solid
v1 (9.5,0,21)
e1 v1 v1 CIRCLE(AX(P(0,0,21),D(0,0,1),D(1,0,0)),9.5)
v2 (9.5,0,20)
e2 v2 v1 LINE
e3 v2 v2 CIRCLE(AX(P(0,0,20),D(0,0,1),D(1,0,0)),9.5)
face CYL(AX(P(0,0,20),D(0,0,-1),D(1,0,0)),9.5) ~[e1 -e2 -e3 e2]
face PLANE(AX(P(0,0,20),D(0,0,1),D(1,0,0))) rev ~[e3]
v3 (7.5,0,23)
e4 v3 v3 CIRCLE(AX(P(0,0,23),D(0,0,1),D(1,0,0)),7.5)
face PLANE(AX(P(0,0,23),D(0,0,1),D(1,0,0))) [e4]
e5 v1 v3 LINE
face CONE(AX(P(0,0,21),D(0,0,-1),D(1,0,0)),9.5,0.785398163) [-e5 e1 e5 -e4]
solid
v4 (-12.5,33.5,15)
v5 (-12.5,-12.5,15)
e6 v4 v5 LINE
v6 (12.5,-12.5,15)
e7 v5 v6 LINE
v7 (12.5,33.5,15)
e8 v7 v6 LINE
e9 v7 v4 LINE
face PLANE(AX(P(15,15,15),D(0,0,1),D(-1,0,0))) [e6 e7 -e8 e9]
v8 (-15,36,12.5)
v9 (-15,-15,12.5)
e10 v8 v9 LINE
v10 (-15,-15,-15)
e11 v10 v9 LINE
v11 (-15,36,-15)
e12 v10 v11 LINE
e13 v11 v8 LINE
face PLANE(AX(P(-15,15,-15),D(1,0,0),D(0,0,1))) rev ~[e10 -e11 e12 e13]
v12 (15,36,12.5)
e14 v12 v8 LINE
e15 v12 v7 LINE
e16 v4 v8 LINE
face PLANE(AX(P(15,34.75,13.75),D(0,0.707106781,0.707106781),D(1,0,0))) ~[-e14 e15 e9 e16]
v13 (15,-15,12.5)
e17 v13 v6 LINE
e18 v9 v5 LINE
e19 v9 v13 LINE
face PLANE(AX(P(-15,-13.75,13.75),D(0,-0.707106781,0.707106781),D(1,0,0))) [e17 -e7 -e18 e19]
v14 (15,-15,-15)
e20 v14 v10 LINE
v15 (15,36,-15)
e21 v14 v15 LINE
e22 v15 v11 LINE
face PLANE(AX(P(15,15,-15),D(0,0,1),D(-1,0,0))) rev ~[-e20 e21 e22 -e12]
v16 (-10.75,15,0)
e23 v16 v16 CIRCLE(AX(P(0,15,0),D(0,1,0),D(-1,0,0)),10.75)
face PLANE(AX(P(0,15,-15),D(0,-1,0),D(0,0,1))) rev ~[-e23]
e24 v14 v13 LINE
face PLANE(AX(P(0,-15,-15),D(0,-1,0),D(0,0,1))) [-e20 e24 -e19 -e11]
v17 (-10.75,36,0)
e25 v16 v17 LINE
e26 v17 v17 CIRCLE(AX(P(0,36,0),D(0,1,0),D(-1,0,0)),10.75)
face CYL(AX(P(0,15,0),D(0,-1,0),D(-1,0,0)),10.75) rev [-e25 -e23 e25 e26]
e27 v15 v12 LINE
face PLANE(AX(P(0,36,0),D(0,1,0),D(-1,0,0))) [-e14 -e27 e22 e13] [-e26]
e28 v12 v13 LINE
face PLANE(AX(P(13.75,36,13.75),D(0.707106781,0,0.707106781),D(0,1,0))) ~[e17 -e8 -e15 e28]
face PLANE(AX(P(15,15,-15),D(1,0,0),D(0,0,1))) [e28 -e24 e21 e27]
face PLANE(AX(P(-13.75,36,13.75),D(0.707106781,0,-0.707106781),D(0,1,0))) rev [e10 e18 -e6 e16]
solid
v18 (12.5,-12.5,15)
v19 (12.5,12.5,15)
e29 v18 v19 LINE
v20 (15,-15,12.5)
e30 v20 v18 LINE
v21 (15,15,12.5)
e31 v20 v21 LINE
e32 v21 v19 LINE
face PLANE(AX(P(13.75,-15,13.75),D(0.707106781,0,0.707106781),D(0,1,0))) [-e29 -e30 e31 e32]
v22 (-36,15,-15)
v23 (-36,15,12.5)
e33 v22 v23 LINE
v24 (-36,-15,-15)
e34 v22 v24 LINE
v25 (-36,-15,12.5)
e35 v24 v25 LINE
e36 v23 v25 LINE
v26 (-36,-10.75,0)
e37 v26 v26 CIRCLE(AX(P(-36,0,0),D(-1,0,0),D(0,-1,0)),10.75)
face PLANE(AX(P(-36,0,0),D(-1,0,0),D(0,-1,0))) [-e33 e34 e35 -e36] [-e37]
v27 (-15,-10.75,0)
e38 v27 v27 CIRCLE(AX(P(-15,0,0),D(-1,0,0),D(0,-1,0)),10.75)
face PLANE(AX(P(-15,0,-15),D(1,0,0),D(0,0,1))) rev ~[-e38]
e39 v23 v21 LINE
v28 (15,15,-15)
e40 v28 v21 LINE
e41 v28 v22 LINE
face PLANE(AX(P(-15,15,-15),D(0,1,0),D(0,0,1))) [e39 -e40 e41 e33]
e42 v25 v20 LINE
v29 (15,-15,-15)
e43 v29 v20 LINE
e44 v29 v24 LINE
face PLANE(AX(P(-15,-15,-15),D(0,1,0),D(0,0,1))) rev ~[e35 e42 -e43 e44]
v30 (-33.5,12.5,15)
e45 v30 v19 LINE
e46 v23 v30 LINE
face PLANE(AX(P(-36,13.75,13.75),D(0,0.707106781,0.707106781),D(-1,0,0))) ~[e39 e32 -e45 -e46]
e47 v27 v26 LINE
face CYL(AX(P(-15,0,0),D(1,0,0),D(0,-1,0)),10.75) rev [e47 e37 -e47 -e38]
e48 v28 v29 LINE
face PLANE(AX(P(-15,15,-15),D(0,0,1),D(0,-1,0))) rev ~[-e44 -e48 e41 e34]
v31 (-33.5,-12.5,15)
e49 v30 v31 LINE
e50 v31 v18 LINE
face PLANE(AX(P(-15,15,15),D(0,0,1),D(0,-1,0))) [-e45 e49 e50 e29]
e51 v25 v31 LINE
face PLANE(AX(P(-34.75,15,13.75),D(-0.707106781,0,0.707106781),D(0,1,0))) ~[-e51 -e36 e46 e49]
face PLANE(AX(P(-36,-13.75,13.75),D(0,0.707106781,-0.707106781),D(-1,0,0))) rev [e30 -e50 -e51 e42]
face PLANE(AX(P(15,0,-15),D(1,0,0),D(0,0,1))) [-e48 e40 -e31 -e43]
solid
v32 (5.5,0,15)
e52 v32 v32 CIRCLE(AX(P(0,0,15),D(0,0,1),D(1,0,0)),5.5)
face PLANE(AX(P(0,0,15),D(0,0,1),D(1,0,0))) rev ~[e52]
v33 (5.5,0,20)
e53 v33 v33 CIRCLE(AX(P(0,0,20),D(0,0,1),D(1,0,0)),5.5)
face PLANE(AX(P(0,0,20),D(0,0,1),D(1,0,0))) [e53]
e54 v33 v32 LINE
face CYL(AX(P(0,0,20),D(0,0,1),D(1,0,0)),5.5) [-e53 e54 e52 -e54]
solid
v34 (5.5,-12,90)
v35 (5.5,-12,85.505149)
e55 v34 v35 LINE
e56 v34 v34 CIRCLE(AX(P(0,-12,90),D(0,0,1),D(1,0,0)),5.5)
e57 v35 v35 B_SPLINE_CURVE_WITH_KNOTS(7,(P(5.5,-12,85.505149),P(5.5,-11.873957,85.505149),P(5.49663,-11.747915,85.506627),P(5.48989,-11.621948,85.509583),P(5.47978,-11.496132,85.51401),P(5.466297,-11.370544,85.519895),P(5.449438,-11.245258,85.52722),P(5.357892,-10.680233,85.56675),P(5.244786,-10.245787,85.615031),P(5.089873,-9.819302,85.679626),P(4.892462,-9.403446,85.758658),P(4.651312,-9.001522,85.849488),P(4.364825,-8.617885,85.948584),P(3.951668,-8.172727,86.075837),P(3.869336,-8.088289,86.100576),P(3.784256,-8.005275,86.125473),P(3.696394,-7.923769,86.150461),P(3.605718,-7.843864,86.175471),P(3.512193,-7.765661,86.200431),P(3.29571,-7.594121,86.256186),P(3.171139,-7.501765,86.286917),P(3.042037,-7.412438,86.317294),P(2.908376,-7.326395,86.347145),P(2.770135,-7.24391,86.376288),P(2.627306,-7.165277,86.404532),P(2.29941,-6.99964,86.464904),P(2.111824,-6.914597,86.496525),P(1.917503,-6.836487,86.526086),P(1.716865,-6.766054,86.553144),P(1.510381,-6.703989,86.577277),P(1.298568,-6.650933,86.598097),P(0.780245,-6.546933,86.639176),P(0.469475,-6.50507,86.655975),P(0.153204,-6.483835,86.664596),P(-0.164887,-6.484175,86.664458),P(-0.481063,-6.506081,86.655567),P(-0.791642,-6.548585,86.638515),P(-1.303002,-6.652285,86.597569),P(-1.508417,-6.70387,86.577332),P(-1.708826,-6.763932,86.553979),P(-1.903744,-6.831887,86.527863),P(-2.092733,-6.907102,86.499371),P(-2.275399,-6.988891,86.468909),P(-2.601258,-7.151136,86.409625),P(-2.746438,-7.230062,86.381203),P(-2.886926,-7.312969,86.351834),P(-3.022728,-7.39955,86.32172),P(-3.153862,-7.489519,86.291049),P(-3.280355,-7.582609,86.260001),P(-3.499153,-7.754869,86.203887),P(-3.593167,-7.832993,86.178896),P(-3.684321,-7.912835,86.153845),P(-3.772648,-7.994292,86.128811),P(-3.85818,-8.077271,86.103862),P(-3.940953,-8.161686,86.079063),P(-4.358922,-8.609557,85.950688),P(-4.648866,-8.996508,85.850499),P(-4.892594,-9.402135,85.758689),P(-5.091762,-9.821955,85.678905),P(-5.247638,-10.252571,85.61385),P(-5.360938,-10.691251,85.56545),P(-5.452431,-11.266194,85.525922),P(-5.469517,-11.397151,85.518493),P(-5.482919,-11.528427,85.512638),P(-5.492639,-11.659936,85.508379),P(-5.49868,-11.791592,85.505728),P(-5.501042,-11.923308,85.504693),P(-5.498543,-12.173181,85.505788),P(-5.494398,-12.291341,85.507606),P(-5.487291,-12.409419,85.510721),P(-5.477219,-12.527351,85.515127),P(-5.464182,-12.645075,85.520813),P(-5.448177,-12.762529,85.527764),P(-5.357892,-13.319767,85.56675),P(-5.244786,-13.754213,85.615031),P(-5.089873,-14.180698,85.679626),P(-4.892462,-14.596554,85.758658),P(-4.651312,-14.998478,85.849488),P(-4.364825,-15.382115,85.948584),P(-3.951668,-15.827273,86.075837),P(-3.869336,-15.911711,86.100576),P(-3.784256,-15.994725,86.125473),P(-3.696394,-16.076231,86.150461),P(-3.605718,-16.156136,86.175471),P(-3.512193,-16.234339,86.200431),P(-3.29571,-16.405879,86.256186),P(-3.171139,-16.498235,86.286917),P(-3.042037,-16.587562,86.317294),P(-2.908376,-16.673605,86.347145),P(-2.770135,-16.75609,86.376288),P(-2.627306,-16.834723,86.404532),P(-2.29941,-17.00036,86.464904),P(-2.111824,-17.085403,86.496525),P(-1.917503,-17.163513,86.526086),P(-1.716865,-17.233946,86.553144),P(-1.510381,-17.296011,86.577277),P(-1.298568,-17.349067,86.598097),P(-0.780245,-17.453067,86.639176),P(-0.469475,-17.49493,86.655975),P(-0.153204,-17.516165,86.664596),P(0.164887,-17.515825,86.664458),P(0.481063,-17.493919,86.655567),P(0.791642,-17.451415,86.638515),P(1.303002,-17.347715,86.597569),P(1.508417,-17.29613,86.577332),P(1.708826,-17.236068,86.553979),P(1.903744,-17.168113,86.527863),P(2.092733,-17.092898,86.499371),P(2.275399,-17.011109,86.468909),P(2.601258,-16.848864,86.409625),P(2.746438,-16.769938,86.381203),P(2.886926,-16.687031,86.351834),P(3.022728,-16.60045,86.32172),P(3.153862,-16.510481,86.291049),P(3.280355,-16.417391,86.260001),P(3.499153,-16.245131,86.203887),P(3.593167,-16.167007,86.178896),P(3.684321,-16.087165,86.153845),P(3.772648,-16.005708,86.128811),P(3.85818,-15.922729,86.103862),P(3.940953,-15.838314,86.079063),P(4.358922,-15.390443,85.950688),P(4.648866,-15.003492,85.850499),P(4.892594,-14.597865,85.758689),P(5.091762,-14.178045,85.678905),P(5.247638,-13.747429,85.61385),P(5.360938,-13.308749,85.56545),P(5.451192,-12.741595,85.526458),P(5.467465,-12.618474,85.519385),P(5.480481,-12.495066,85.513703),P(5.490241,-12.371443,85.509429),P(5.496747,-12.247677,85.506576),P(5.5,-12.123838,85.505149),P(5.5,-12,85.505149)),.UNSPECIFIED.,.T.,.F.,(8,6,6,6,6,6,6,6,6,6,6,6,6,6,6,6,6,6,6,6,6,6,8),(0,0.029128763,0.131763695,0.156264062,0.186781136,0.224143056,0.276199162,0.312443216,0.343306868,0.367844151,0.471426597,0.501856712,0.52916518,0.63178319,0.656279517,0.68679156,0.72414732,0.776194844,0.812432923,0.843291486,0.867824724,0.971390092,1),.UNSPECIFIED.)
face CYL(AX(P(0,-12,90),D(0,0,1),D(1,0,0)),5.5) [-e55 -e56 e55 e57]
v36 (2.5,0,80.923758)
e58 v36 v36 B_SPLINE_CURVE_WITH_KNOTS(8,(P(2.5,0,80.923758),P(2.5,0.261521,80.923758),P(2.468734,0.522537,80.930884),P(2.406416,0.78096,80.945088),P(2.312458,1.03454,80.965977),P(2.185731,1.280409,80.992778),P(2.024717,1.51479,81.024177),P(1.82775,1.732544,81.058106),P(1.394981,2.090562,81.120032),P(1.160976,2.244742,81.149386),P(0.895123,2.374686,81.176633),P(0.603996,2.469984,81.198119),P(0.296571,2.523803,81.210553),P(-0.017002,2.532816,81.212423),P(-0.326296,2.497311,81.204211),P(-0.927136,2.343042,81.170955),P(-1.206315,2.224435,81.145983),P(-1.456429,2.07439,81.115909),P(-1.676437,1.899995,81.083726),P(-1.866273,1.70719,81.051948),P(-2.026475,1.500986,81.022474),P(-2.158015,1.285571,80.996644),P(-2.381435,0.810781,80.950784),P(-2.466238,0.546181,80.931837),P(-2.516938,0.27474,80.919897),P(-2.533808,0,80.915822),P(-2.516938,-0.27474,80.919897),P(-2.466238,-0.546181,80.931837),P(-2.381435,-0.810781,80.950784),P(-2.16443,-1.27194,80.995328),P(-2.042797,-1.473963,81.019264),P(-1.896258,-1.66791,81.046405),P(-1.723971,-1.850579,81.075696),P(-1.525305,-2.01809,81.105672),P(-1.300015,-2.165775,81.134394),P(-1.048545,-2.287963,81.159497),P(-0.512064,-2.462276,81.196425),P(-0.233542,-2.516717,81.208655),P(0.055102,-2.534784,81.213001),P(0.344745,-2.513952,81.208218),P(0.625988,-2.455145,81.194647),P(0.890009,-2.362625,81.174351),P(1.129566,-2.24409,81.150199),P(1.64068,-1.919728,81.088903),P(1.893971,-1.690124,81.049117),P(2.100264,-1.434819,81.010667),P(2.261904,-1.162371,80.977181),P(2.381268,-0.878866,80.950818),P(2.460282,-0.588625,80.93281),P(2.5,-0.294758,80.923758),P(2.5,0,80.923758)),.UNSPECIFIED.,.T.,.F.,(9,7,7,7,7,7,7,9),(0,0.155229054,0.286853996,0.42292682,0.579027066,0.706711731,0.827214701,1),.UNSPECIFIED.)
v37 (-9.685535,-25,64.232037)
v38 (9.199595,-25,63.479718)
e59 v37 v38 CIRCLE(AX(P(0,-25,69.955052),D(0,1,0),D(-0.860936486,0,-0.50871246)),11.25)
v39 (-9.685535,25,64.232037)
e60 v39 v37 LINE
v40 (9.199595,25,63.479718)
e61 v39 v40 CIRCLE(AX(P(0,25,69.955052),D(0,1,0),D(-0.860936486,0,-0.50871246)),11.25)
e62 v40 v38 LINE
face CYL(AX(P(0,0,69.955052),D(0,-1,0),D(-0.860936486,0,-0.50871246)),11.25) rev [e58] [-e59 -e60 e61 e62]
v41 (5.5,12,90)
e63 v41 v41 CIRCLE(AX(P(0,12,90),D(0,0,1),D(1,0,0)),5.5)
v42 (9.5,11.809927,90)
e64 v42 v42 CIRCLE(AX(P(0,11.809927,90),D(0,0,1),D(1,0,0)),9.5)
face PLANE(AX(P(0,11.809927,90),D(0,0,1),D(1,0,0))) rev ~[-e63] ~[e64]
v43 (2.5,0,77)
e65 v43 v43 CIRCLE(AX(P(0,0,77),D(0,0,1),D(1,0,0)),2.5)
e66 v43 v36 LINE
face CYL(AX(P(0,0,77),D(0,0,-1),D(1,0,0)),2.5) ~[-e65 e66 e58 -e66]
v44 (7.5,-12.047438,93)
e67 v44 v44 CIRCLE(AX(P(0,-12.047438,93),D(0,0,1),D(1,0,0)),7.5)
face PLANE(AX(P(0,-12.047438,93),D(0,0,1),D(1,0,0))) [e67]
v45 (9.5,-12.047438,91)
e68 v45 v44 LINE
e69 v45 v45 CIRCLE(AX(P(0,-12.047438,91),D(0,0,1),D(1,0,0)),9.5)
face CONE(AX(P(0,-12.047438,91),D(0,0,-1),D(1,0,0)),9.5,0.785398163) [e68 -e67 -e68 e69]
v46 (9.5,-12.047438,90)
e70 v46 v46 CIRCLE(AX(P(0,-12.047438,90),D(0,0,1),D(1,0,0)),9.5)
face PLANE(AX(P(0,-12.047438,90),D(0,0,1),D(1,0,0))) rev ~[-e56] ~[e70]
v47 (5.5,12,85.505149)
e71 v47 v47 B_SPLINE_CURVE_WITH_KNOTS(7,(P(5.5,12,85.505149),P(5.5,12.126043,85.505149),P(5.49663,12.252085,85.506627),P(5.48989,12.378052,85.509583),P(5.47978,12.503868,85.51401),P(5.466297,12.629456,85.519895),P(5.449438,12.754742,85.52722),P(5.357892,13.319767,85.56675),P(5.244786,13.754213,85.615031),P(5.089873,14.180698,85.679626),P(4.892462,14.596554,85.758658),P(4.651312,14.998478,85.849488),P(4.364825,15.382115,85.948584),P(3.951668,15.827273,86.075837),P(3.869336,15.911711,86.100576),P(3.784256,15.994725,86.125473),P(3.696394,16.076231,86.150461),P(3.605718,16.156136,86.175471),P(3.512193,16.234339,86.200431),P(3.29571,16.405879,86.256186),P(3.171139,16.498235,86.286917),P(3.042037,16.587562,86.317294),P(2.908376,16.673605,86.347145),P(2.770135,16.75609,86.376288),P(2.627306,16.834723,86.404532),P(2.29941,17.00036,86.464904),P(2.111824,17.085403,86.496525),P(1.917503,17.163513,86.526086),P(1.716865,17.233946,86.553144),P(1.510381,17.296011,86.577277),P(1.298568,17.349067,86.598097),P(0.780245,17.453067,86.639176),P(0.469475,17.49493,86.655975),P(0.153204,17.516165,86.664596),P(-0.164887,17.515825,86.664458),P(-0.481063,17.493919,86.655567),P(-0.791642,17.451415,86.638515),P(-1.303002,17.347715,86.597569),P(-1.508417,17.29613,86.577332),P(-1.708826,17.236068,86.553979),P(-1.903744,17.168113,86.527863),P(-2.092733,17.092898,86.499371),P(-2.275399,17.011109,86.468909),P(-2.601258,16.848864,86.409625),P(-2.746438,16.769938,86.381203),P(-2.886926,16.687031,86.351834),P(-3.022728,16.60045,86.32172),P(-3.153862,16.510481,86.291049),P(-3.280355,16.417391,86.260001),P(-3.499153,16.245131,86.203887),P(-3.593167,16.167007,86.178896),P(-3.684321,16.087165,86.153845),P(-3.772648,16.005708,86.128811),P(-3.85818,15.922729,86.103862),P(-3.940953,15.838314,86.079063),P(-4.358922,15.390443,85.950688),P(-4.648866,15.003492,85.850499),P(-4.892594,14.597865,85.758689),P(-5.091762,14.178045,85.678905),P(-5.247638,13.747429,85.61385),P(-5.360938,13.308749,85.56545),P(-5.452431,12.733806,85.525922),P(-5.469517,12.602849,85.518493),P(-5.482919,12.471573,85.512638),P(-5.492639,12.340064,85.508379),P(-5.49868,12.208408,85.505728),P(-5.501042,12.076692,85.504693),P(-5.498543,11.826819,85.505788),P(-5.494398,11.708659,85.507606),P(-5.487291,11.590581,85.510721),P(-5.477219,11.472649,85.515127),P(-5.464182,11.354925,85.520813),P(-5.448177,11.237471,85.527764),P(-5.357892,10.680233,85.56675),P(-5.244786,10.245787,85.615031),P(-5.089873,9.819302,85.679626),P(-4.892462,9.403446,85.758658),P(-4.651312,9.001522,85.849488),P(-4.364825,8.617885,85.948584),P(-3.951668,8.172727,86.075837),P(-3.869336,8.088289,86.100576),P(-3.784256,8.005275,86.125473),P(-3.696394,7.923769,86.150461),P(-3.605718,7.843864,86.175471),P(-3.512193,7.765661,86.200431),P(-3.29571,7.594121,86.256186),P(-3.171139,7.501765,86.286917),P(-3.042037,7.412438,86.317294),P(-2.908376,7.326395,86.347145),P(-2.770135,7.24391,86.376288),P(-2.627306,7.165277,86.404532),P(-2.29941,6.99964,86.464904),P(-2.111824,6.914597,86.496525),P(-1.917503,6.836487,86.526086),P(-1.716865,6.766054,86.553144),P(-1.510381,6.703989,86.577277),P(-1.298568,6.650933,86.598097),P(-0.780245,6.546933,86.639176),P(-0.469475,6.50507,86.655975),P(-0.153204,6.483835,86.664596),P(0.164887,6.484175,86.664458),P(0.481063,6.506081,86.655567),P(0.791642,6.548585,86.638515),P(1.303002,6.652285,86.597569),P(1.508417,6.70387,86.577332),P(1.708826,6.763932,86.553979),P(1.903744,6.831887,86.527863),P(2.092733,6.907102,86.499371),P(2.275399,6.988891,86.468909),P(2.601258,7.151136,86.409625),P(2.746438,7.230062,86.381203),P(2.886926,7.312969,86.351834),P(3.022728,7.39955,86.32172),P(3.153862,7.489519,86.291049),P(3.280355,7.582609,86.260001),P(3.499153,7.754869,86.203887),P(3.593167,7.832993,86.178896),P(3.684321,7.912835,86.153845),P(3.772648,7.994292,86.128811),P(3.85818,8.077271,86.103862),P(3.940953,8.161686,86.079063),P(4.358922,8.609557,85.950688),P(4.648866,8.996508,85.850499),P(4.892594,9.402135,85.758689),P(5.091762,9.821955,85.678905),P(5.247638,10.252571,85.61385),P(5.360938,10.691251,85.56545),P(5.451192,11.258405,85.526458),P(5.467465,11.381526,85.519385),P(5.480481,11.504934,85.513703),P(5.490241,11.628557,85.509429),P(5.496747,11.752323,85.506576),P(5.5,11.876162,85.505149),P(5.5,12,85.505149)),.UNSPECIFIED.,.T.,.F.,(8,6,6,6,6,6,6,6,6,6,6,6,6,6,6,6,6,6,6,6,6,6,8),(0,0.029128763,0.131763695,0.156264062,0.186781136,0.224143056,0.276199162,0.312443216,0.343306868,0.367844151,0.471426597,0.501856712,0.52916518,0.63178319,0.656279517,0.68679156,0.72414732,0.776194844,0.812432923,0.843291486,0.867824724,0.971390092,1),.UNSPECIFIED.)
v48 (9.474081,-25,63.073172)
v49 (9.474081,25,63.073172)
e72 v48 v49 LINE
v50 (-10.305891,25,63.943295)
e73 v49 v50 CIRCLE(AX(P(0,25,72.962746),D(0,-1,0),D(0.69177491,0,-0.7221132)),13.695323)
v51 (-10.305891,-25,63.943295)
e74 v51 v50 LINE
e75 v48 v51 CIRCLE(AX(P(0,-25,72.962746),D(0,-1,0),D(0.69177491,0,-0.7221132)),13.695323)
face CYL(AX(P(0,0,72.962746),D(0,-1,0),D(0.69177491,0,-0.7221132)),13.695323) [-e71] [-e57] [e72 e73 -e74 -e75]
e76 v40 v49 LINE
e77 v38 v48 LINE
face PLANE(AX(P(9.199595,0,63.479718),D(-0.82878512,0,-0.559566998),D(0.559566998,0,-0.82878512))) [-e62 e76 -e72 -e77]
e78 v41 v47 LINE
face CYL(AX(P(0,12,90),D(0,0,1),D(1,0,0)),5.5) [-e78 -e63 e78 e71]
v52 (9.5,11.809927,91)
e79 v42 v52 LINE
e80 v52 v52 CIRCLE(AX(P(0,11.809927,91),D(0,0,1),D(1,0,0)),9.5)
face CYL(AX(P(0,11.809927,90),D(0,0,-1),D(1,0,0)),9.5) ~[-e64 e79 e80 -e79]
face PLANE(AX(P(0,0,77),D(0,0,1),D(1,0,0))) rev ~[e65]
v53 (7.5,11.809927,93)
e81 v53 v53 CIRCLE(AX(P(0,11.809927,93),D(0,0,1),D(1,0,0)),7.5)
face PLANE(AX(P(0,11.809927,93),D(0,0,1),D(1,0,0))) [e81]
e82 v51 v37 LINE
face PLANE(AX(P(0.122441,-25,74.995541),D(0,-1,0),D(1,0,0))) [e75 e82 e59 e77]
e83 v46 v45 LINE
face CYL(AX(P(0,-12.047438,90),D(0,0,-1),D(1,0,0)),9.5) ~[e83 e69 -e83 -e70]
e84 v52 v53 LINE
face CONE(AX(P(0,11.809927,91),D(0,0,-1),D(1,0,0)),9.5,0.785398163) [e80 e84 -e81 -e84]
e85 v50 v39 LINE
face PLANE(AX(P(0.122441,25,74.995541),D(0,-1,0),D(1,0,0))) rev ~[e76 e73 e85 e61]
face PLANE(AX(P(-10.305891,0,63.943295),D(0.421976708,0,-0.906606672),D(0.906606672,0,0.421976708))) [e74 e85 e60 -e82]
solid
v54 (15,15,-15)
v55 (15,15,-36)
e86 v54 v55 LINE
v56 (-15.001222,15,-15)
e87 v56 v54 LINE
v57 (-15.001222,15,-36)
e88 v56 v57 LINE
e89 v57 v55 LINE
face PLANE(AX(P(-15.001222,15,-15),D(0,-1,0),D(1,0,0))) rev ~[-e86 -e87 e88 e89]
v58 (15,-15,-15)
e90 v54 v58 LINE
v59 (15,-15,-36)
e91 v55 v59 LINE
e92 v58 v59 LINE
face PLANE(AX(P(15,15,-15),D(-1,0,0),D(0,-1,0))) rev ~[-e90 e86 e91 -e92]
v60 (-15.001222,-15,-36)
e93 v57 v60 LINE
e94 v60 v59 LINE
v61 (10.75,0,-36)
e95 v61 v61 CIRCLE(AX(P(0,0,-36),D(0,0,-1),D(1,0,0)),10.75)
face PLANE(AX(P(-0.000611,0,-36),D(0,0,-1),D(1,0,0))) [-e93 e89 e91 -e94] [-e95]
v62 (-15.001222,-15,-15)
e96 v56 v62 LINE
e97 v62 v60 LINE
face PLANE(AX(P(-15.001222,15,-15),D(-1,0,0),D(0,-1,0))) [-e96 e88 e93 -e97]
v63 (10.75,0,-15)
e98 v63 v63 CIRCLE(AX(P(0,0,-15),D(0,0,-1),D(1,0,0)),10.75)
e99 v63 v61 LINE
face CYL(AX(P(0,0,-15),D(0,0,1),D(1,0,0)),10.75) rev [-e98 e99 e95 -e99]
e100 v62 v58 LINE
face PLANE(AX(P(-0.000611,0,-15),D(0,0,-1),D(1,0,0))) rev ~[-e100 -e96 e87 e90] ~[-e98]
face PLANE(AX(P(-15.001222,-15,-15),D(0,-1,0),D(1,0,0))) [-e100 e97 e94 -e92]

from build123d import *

# Parameters (mm, degrees)
F0_W       = 30
F0_H       = 30
F1_DEPTH   = 15
F3_W       = 30
F3_H       = 30
F3_R       = 10.75
F4_DEPTH   = 21
F5_COUNT   = 2
F5_ANGLE   = 90
F6_W       = 30.0012215599
F6_H       = 30
F6_R       = 10.75
F7_DEPTH   = 21
F9_R       = 5.5
F10_DEPTH  = 5
F11_R      = 9.5
F11_R_2    = 5.5
F12_DEPTH  = 3
F13_SIZE   = 2
F14_SIZE   = 2.5
F14_2_SIZE = 2.5
F16_DEPTH  = 25
F18_R      = 2.5
F19_DEPTH  = 7
F21_R      = 5.5
F22_DEPTH  = 5
F23_R      = 9.5
F24_DEPTH  = 3
F25_SIZE   = 2


with BuildPart() as f1:
    # F0 (on Front) → F1 (new body, symmetric)
    with BuildSketch(Plane.XZ):
        Rectangle(F0_W, F0_H)
    extrude(amount=F1_DEPTH, both=True)

    # F3 (on face) → F4 (join)
    with BuildSketch(Plane(origin=(-15, 0, 0), x_dir=(0, -1, 0), z_dir=(-1, 0, 0))):
        Rectangle(F3_W, F3_H)
        Circle(F3_R, mode=Mode.SUBTRACT)
    extrude(amount=F4_DEPTH)


with BuildPart() as f5_1:
    # F5: instance of F1
    add(f1.part.rotate(Axis((0, 0, -5.7476405054), (0, 0, -1)), 1 * F5_ANGLE / (F5_COUNT - 1)))

    # F14
    f14_edges = [f5_1.edges().sort_by_distance(p)[0] for p in [
        (15, 10.5, 15),
        (0, 36, 15),
        (-15, 10.5, 15),
        (0, -15, 15),
    ]]
    chamfer(f14_edges, length=F14_SIZE)


with BuildPart() as f7:
    # F6 (on face) → F7 (new body)
    with BuildSketch(Plane(origin=(0, 0, -15), x_dir=(1, 0, 0), z_dir=(0, 0, -1))):
        with Locations((-0.00061078, 0)):
            Rectangle(F6_W, F6_H)
        Circle(F6_R, mode=Mode.SUBTRACT)
    extrude(amount=F7_DEPTH)


with BuildPart() as f10:
    # F9 (on offset) → F10 (new body)
    with BuildSketch(Plane.XY.offset(20)):
        Circle(F9_R)
    extrude(amount=-F10_DEPTH)


with BuildPart() as f12:
    # F11 (on face) → F12 (new body)
    with BuildSketch(Plane.XY.offset(20)):
        Circle(F11_R)
        Circle(F11_R_2, mode=Mode.SUBTRACT)
        Circle(F11_R_2)
    extrude(amount=F12_DEPTH)

    # F13
    f13_edges = [f12.edges().sort_by_distance(p)[0] for p in [
        (-9.5, 0, 23),
    ]]
    chamfer(f13_edges, length=F13_SIZE)


with BuildPart() as f1_1:
    add(f1.part)

    # F14#2
    f14_2_edges = [f1_1.edges().sort_by_distance(p)[0] for p in [
        (-10.5, -15, 15),
        (-10.5, 15, 15),
        (-36, 0, 15),
        (15, 0, 15),
    ]]
    chamfer(f14_2_edges, length=F14_2_SIZE)


with BuildPart() as f16:
    # F15 (on Front) → F16 (new body, symmetric)
    with BuildSketch(Plane.XZ):
        with BuildLine():
            Line((-10.3058908372, 63.9432949316), (-9.6855354671, 64.232037034))
            ThreePointArc((-9.6855354671, 64.232037034), (0.447806105, 81.1961362197), (9.1995952199, 63.4797184134))
            Line((9.1995952199, 63.4797184134), (9.4740811403, 63.0731721958))
            ThreePointArc((9.4740811403, 63.0731721958), (0.6018764298, 86.6448375573), (-10.3058908372, 63.9432949316))
        make_face()
    extrude(amount=F16_DEPTH, both=True)

    # F18 (on offset) → F19 (join)
    with BuildSketch(Plane.XY.offset(77)):
        Circle(F18_R)
    extrude(amount=F19_DEPTH)

    # F21 (on offset) → F22 (join)
    with BuildSketch(Plane.XY.offset(90)):
        with Locations((0, 12)):
            Circle(F21_R)
        with Locations((0, -12)):
            Circle(F21_R)
    extrude(amount=-F22_DEPTH)

    # F23 (on offset) + F21 (on offset) → F24 (join)
    with BuildSketch(Plane.XY.offset(90)):
        with Locations((0, 11.8099274114)):
            Circle(F23_R)
        with Locations((0, -12.047437951)):
            Circle(F23_R)
    with BuildSketch(Plane.XY.offset(90)):
        with Locations((0, 12)):
            Circle(F21_R)
        with Locations((0, -12)):
            Circle(F21_R)
    extrude(amount=F24_DEPTH)

    # F25
    f25_edges = [f16.edges().sort_by_distance(p)[0] for p in [
        (-9.5, 11.809927, 93),
        (-9.5, -12.047438, 93),
    ]]
    chamfer(f25_edges, length=F25_SIZE)


solid = Compound([f5_1.part, f7.part, f10.part, f12.part, f1_1.part, f16.part])
